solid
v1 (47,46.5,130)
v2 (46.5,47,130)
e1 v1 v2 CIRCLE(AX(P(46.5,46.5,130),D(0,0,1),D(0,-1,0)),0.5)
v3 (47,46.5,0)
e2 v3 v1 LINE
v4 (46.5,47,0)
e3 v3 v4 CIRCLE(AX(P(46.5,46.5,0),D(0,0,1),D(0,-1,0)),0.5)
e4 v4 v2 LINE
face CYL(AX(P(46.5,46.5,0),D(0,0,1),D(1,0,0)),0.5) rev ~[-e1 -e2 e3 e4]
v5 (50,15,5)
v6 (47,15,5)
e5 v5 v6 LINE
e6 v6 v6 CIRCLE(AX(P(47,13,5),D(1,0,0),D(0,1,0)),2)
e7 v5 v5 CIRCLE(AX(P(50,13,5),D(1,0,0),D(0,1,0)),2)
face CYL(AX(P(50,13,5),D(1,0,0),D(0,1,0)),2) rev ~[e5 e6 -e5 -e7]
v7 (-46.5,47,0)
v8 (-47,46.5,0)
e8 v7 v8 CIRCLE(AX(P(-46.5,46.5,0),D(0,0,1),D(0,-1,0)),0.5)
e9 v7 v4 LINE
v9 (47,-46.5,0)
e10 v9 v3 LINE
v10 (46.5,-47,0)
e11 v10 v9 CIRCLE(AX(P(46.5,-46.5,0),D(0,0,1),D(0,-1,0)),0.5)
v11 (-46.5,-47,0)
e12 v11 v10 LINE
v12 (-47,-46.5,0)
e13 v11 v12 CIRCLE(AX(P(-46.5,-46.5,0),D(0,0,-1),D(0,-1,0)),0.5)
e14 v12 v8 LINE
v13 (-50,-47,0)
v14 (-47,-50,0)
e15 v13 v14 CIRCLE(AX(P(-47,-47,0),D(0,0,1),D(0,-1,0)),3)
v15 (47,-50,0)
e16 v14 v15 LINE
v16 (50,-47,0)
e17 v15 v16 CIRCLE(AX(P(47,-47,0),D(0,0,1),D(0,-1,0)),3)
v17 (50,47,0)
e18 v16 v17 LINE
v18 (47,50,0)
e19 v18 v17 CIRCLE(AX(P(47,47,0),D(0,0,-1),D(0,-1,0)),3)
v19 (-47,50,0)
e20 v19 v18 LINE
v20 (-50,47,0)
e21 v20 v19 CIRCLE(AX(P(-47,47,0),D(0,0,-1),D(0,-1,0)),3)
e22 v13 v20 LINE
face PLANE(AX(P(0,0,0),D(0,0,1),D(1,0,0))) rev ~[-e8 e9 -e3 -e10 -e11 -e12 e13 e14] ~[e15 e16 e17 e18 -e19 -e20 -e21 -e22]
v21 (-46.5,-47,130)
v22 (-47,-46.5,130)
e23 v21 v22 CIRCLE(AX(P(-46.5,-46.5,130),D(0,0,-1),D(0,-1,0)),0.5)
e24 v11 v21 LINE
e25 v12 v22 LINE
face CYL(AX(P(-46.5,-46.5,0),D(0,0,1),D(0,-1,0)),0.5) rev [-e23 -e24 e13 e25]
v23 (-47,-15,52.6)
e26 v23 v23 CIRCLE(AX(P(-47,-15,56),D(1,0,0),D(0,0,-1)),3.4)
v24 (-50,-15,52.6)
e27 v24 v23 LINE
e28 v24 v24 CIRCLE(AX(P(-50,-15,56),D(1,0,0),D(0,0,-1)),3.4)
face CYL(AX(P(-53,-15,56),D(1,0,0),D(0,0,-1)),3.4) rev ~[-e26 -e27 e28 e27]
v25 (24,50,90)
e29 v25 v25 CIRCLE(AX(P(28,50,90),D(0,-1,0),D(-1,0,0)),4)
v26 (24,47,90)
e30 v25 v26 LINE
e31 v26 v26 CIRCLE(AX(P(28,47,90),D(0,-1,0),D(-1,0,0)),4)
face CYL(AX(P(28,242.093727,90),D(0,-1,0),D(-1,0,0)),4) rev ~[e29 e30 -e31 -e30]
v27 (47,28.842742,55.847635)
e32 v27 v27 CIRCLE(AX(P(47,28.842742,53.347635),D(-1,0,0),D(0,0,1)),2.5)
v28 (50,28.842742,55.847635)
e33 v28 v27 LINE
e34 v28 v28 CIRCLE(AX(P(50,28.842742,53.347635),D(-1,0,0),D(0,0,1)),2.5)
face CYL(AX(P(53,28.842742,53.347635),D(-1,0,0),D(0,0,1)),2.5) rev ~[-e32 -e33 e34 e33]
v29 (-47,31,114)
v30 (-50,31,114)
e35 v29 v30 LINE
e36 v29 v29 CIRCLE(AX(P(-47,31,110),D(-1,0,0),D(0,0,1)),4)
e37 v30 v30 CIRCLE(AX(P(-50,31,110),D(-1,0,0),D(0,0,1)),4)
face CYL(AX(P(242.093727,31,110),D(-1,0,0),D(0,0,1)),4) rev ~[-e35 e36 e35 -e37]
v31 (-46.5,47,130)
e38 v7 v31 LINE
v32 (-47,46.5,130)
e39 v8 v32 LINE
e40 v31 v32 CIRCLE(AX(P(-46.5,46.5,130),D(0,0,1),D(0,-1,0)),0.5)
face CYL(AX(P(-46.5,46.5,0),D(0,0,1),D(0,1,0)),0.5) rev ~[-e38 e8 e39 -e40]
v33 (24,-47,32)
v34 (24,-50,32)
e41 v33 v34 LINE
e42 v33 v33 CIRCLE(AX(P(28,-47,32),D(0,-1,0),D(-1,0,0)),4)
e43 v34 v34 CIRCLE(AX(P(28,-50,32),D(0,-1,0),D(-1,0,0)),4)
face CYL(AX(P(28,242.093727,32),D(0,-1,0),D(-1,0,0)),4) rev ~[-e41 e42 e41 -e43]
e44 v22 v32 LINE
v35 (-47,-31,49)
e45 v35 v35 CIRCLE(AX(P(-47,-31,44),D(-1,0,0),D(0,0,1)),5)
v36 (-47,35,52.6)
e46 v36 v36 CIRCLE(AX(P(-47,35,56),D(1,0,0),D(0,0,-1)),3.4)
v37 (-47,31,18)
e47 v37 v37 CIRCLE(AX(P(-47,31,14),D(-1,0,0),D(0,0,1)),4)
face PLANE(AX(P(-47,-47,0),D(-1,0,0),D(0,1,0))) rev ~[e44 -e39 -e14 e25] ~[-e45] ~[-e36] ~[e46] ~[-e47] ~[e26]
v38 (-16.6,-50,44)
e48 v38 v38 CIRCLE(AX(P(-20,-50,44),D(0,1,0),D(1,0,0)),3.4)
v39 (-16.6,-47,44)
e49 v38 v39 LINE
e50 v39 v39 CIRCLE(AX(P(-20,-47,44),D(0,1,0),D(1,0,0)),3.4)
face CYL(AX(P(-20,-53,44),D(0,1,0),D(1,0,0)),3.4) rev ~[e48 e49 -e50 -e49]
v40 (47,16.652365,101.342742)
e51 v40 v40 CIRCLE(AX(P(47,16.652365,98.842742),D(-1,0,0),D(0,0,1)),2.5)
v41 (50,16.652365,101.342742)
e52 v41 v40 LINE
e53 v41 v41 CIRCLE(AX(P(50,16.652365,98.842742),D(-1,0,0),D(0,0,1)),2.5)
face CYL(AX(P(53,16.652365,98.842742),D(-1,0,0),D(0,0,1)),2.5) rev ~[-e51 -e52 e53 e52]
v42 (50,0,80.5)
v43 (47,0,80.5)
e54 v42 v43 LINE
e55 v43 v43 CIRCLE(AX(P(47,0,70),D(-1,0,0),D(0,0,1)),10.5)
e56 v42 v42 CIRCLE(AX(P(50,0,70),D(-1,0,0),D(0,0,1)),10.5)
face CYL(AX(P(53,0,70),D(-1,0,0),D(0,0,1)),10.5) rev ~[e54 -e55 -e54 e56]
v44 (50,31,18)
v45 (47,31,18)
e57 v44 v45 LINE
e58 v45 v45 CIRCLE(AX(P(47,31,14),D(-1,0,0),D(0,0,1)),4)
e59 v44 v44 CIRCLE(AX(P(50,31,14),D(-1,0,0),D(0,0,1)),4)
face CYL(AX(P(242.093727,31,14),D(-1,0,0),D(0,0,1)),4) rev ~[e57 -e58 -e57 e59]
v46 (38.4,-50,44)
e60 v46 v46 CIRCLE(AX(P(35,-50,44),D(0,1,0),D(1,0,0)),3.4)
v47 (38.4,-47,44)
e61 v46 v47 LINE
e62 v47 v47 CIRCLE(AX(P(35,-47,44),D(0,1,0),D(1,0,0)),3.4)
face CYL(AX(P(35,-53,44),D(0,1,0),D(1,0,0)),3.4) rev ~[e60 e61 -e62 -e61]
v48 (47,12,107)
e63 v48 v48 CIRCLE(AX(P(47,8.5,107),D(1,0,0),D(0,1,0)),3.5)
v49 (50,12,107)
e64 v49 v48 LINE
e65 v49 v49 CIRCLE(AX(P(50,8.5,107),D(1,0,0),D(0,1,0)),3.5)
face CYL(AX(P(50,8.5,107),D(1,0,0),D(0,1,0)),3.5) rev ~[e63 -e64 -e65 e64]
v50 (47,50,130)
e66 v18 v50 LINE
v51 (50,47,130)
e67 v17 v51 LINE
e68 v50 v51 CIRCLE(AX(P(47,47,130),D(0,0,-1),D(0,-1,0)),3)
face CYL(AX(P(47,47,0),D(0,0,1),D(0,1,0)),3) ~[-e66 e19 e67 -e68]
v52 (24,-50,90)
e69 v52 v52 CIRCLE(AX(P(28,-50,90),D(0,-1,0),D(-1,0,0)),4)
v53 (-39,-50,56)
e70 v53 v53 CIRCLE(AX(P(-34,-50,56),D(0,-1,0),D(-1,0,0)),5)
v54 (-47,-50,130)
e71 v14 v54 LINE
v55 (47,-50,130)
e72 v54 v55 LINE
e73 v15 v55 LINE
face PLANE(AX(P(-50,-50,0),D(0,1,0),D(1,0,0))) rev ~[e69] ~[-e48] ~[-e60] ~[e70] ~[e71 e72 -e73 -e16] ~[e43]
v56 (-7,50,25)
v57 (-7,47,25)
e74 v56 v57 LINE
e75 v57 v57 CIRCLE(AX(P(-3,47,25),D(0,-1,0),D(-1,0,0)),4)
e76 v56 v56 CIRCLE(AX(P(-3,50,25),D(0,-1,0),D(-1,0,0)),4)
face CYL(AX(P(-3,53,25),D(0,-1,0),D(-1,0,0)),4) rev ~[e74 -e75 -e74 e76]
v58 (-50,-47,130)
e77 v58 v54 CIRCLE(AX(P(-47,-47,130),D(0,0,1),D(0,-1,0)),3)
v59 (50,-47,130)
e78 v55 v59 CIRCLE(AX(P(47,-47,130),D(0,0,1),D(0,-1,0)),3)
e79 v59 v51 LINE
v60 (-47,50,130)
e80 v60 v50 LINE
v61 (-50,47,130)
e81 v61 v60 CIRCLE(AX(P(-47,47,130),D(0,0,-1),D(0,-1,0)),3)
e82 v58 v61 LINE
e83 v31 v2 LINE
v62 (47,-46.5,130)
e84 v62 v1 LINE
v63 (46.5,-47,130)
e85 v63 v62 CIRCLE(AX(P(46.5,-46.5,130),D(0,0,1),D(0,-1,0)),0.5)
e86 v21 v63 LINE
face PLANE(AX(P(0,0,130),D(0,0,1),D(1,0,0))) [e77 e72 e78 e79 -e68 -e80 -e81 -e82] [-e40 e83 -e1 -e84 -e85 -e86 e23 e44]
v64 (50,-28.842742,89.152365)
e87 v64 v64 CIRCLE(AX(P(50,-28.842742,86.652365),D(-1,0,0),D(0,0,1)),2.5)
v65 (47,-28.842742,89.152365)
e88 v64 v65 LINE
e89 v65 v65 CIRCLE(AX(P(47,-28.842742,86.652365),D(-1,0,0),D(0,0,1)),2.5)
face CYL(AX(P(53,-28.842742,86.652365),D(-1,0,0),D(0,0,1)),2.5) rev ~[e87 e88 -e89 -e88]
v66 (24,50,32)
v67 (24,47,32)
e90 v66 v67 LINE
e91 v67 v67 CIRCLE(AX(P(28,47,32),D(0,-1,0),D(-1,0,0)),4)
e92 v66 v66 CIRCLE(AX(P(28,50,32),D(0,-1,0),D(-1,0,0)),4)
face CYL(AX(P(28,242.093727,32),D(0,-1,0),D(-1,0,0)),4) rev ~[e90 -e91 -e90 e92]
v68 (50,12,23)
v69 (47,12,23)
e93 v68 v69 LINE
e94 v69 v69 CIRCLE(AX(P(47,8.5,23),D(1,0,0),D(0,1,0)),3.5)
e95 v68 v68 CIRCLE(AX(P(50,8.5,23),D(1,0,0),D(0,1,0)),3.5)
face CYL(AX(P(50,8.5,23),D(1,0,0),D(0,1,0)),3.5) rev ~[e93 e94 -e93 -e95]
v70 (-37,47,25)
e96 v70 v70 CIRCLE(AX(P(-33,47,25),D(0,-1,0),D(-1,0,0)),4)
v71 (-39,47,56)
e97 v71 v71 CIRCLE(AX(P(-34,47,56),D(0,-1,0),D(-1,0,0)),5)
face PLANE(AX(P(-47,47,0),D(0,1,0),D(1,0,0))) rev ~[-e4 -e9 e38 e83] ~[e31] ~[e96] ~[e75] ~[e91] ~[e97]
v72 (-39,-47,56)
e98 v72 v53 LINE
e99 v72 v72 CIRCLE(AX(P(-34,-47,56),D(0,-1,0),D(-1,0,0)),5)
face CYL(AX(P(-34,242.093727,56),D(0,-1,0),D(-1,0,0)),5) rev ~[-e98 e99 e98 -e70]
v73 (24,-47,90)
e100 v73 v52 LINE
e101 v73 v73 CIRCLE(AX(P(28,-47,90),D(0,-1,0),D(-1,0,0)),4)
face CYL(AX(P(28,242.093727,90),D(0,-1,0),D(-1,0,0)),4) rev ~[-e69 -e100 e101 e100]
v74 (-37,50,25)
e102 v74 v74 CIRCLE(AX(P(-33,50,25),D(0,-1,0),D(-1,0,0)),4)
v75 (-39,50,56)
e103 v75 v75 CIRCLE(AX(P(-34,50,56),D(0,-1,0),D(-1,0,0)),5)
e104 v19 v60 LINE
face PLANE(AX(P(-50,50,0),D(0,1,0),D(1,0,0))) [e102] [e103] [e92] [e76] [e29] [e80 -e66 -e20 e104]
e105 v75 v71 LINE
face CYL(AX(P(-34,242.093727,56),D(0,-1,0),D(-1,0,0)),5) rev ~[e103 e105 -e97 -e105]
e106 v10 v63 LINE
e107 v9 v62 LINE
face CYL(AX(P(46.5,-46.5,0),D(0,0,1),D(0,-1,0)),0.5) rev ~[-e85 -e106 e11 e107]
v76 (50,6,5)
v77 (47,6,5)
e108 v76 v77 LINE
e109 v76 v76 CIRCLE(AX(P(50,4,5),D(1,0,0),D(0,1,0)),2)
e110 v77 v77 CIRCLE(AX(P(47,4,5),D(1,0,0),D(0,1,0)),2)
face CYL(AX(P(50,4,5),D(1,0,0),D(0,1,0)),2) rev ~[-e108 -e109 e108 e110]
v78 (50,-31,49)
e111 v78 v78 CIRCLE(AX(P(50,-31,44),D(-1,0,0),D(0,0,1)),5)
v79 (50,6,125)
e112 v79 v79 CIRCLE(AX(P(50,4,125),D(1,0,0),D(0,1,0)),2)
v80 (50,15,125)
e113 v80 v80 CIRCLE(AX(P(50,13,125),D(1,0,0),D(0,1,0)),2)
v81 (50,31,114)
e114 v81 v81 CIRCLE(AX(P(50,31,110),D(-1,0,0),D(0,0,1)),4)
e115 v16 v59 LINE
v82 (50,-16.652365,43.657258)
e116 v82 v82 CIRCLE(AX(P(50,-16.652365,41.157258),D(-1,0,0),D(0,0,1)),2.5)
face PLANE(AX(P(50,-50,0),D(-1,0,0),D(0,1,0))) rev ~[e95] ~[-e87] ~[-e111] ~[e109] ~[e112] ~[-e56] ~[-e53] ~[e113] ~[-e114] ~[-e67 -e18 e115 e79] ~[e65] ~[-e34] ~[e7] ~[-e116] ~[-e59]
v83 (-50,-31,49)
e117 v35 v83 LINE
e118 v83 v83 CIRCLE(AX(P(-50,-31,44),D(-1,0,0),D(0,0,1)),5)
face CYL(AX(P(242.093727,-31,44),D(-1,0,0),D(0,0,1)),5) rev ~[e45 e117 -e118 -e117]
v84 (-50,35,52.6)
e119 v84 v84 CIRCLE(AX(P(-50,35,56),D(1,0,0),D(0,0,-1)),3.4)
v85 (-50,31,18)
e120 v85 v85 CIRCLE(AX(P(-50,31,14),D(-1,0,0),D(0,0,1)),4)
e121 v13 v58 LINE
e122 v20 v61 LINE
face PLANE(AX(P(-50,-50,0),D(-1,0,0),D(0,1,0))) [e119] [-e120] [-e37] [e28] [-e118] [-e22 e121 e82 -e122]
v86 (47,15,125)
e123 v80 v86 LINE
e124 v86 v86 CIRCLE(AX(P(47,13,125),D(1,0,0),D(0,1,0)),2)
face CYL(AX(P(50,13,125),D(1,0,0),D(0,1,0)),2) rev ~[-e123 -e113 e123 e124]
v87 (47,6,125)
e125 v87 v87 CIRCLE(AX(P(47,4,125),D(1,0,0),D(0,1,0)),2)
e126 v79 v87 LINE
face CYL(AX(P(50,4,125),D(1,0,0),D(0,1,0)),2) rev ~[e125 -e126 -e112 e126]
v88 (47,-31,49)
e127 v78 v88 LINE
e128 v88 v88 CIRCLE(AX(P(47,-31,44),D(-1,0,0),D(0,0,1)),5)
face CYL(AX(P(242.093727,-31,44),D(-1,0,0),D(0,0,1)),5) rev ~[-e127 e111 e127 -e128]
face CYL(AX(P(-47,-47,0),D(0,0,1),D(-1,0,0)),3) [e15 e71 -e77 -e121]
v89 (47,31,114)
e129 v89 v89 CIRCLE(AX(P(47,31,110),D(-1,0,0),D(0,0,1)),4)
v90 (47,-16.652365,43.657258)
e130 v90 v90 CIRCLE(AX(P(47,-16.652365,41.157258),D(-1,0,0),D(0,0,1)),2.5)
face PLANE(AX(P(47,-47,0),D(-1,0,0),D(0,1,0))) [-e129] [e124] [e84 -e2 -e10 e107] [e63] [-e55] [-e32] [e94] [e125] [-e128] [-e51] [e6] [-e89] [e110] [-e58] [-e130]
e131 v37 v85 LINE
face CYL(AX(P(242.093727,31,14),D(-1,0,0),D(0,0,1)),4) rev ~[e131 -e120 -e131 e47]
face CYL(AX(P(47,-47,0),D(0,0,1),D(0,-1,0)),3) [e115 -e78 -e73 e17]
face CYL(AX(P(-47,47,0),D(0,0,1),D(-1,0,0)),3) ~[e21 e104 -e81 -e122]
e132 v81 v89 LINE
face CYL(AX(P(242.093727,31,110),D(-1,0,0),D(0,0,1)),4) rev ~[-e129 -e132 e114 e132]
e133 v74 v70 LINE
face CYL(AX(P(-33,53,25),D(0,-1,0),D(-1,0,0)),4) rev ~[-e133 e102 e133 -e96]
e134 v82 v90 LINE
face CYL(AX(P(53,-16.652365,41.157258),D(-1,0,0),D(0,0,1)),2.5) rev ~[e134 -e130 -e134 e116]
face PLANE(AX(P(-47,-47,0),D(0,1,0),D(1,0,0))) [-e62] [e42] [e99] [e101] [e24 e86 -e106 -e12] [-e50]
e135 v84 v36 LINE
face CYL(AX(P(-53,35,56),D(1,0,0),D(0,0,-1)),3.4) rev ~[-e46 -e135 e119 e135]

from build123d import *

# Parameters (mm, degrees)
SKETCH1_W                      = 100
SKETCH1_H                      = 100
SKETCH1_W_2                    = 94
SKETCH1_H_2                    = 94
EXTRUDE_THIN1_DEPTH            = 130
FILLET1_R                      = 0.5
FILLET2_R                      = 3
F_8_0_8_DIAMETER_HOLE2_D       = 8
F_8_0_8_DIAMETER_HOLE3_D       = 8
F_10_0_10_DIAMETER_HOLE1_D     = 10
F_10_0_10_DIAMETER_HOLE2_D     = 10
M8X1_25_TAPPED_HOLE1_D         = 6.8
M8X1_25_TAPPED_HOLE1_DEPTH     = 3
M8X1_25_TAPPED_HOLE2_D         = 6.8
M8X1_25_TAPPED_HOLE2_DEPTH     = 3
F_21_0_21_DIAMETER_HOLE1_D     = 21
F_21_0_21_DIAMETER_HOLE1_DEPTH = 3
F_5_0_5_DIAMETER_HOLE1_D       = 5
F_5_0_5_DIAMETER_HOLE1_DEPTH   = 3
F_8_0_8_DIAMETER_HOLE4_D       = 8
F_8_0_8_DIAMETER_HOLE4_DEPTH   = 3
CUT_EXTRUDE1_REACH             = 173.464
SKETCH31_R                     = 2
SKETCH31_R_2                   = 3.5
F_8_0_8_DIAMETER_HOLE5_D       = 8
F_8_0_8_DIAMETER_HOLE5_DEPTH   = 3


with BuildPart() as part:
    # Sketch1 → Extrude-Thin1 (new body)
    with BuildSketch(Plane.XY):
        Rectangle(SKETCH1_W, SKETCH1_H)
        Rectangle(SKETCH1_W_2, SKETCH1_H_2, mode=Mode.SUBTRACT)
    extrude(amount=EXTRUDE_THIN1_DEPTH)

    # Fillet1
    fillet1_edges = [part.edges().sort_by_distance(p)[0] for p in [
        (47, -47, 65),
        (47, 47, 65),
        (-47, 47, 65),
        (-47, -47, 65),
    ]]
    fillet(fillet1_edges, radius=FILLET1_R)

    # Fillet2
    fillet2_edges = [part.edges().sort_by_distance(p)[0] for p in [
        (50, -50, 65),
        (-50, -50, 65),
        (-50, 50, 65),
        (50, 50, 65),
    ]]
    fillet(fillet2_edges, radius=FILLET2_R)

    # Ø8.0 (8) Diameter Hole2 (through all)
    with Locations(Plane(origin=(0, 50, 0), x_dir=(1, 0, 0), z_dir=(0, 1, 0))):
        with Locations((28, -32), (28, -90)):
            Hole(F_8_0_8_DIAMETER_HOLE2_D / 2)

    # Ø8.0 (8) Diameter Hole3 (through all)
    with Locations(Plane(origin=(50, 0, 0), x_dir=(0, 0, -1), z_dir=(1, 0, 0))):
        with Locations((-14, 31), (-110, 31)):
            Hole(F_8_0_8_DIAMETER_HOLE3_D / 2)

    # Ø10.0 (10) Diameter Hole1 (through all)
    with Locations(Plane(origin=(0, 50, 0), x_dir=(1, 0, 0), z_dir=(0, 1, 0))):
        with Locations((-34, -56)):
            Hole(F_10_0_10_DIAMETER_HOLE1_D / 2)

    # Ø10.0 (10) Diameter Hole2 (through all)
    with Locations(Plane(origin=(50, 0, 0), x_dir=(0, 0, -1), z_dir=(1, 0, 0))):
        with Locations((-44, -31)):
            Hole(F_10_0_10_DIAMETER_HOLE2_D / 2)

    # M8x1.25 Tapped Hole1
    with Locations(Plane.ZY.offset(50)):
        with Locations((56, -15), (56, 35)):
            Hole(M8X1_25_TAPPED_HOLE1_D / 2, depth=M8X1_25_TAPPED_HOLE1_DEPTH)

    # M8x1.25 Tapped Hole2
    with Locations(Plane(origin=(0, -50, 0), x_dir=(-1, 0, 0), z_dir=(0, -1, 0))):
        with Locations((20, -44), (-35, -44)):
            Hole(M8X1_25_TAPPED_HOLE2_D / 2, depth=M8X1_25_TAPPED_HOLE2_DEPTH)

    # Ø21.0 (21) Diameter Hole1
    with Locations(Plane(origin=(50, 0, 0), x_dir=(0, 0, -1), z_dir=(1, 0, 0))):
        with Locations((-70, 0)):
            Hole(F_21_0_21_DIAMETER_HOLE1_D / 2, depth=F_21_0_21_DIAMETER_HOLE1_DEPTH)

    # Ø5.0 (5) Diameter Hole1
    with Locations(Plane(origin=(50, 0, 0), x_dir=(0, 0, -1), z_dir=(1, 0, 0))):
        with Locations((-41.157258279, -16.652364697), (-53.347635303, 28.842741721), (-98.842741721, 16.652364697), (-86.652364697, -28.842741721)):
            Hole(F_5_0_5_DIAMETER_HOLE1_D / 2, depth=F_5_0_5_DIAMETER_HOLE1_DEPTH)

    # Ø8.0 (8) Diameter Hole4
    with Locations(Plane(origin=(0, 50, 0), x_dir=(1, 0, 0), z_dir=(0, 1, 0))):
        with Locations((-3, -25)):
            Hole(F_8_0_8_DIAMETER_HOLE4_D / 2, depth=F_8_0_8_DIAMETER_HOLE4_DEPTH)

    # Sketch31 → Cut-Extrude1 (cut, up to next)
    with BuildSketch(Plane(origin=(50, 0, 0), x_dir=(0, 0, -1), z_dir=(1, 0, 0)), mode=Mode.PRIVATE) as cut_extrude1_sk1:
        with Locations(Location((-5, 4, 0), (0, 0, 90))):
            Circle(SKETCH31_R)
    cut_extrude1_tool1 = extrude(cut_extrude1_sk1.sketch, amount=-CUT_EXTRUDE1_REACH, mode=Mode.PRIVATE) & part.part
    # Sketch31 → Cut-Extrude1 (cut, up to next)
    with BuildSketch(Plane(origin=(50, 0, 0), x_dir=(0, 0, -1), z_dir=(1, 0, 0)), mode=Mode.PRIVATE) as cut_extrude1_sk2:
        with Locations(Location((-5, 13, 0), (0, 0, 90))):
            Circle(SKETCH31_R)
    cut_extrude1_tool2 = extrude(cut_extrude1_sk2.sketch, amount=-CUT_EXTRUDE1_REACH, mode=Mode.PRIVATE) & part.part
    # Sketch31 → Cut-Extrude1 (cut, up to next)
    with BuildSketch(Plane(origin=(50, 0, 0), x_dir=(0, 0, -1), z_dir=(1, 0, 0)), mode=Mode.PRIVATE) as cut_extrude1_sk3:
        with Locations(Location((-125, 13, 0), (0, 0, 90))):
            Circle(SKETCH31_R)
    cut_extrude1_tool3 = extrude(cut_extrude1_sk3.sketch, amount=-CUT_EXTRUDE1_REACH, mode=Mode.PRIVATE) & part.part
    # Sketch31 → Cut-Extrude1 (cut, up to next)
    with BuildSketch(Plane(origin=(50, 0, 0), x_dir=(0, 0, -1), z_dir=(1, 0, 0)), mode=Mode.PRIVATE) as cut_extrude1_sk4:
        with Locations(Location((-125, 4, 0), (0, 0, 90))):
            Circle(SKETCH31_R)
    cut_extrude1_tool4 = extrude(cut_extrude1_sk4.sketch, amount=-CUT_EXTRUDE1_REACH, mode=Mode.PRIVATE) & part.part
    # Sketch31 → Cut-Extrude1 (cut, up to next)
    with BuildSketch(Plane(origin=(50, 0, 0), x_dir=(0, 0, -1), z_dir=(1, 0, 0)), mode=Mode.PRIVATE) as cut_extrude1_sk5:
        with Locations(Location((-23, 8.5, 0), (0, 0, 90))):
            Circle(SKETCH31_R_2)
    cut_extrude1_tool5 = extrude(cut_extrude1_sk5.sketch, amount=-CUT_EXTRUDE1_REACH, mode=Mode.PRIVATE) & part.part
    # Sketch31 → Cut-Extrude1 (cut, up to next)
    with BuildSketch(Plane(origin=(50, 0, 0), x_dir=(0, 0, -1), z_dir=(1, 0, 0)), mode=Mode.PRIVATE) as cut_extrude1_sk6:
        with Locations(Location((-107, 8.5, 0), (0, 0, 90))):
            Circle(SKETCH31_R_2)
    cut_extrude1_tool6 = extrude(cut_extrude1_sk6.sketch, amount=-CUT_EXTRUDE1_REACH, mode=Mode.PRIVATE) & part.part
    add(cut_extrude1_tool1.solids().sort_by_distance((50, 4, 5))[0], mode=Mode.SUBTRACT)
    add(cut_extrude1_tool2.solids().sort_by_distance((50, 13, 5))[0], mode=Mode.SUBTRACT)
    add(cut_extrude1_tool3.solids().sort_by_distance((50, 13, 125))[0], mode=Mode.SUBTRACT)
    add(cut_extrude1_tool4.solids().sort_by_distance((50, 4, 125))[0], mode=Mode.SUBTRACT)
    add(cut_extrude1_tool5.solids().sort_by_distance((50, 8.5, 23))[0], mode=Mode.SUBTRACT)
    add(cut_extrude1_tool6.solids().sort_by_distance((50, 8.5, 107))[0], mode=Mode.SUBTRACT)

    # Ø8.0 (8) Diameter Hole5
    with Locations(Plane(origin=(0, 50, 0), x_dir=(1, 0, 0), z_dir=(0, 1, 0))):
        with Locations((-33, -25)):
            Hole(F_8_0_8_DIAMETER_HOLE5_D / 2, depth=F_8_0_8_DIAMETER_HOLE5_DEPTH)


solid = part.part
